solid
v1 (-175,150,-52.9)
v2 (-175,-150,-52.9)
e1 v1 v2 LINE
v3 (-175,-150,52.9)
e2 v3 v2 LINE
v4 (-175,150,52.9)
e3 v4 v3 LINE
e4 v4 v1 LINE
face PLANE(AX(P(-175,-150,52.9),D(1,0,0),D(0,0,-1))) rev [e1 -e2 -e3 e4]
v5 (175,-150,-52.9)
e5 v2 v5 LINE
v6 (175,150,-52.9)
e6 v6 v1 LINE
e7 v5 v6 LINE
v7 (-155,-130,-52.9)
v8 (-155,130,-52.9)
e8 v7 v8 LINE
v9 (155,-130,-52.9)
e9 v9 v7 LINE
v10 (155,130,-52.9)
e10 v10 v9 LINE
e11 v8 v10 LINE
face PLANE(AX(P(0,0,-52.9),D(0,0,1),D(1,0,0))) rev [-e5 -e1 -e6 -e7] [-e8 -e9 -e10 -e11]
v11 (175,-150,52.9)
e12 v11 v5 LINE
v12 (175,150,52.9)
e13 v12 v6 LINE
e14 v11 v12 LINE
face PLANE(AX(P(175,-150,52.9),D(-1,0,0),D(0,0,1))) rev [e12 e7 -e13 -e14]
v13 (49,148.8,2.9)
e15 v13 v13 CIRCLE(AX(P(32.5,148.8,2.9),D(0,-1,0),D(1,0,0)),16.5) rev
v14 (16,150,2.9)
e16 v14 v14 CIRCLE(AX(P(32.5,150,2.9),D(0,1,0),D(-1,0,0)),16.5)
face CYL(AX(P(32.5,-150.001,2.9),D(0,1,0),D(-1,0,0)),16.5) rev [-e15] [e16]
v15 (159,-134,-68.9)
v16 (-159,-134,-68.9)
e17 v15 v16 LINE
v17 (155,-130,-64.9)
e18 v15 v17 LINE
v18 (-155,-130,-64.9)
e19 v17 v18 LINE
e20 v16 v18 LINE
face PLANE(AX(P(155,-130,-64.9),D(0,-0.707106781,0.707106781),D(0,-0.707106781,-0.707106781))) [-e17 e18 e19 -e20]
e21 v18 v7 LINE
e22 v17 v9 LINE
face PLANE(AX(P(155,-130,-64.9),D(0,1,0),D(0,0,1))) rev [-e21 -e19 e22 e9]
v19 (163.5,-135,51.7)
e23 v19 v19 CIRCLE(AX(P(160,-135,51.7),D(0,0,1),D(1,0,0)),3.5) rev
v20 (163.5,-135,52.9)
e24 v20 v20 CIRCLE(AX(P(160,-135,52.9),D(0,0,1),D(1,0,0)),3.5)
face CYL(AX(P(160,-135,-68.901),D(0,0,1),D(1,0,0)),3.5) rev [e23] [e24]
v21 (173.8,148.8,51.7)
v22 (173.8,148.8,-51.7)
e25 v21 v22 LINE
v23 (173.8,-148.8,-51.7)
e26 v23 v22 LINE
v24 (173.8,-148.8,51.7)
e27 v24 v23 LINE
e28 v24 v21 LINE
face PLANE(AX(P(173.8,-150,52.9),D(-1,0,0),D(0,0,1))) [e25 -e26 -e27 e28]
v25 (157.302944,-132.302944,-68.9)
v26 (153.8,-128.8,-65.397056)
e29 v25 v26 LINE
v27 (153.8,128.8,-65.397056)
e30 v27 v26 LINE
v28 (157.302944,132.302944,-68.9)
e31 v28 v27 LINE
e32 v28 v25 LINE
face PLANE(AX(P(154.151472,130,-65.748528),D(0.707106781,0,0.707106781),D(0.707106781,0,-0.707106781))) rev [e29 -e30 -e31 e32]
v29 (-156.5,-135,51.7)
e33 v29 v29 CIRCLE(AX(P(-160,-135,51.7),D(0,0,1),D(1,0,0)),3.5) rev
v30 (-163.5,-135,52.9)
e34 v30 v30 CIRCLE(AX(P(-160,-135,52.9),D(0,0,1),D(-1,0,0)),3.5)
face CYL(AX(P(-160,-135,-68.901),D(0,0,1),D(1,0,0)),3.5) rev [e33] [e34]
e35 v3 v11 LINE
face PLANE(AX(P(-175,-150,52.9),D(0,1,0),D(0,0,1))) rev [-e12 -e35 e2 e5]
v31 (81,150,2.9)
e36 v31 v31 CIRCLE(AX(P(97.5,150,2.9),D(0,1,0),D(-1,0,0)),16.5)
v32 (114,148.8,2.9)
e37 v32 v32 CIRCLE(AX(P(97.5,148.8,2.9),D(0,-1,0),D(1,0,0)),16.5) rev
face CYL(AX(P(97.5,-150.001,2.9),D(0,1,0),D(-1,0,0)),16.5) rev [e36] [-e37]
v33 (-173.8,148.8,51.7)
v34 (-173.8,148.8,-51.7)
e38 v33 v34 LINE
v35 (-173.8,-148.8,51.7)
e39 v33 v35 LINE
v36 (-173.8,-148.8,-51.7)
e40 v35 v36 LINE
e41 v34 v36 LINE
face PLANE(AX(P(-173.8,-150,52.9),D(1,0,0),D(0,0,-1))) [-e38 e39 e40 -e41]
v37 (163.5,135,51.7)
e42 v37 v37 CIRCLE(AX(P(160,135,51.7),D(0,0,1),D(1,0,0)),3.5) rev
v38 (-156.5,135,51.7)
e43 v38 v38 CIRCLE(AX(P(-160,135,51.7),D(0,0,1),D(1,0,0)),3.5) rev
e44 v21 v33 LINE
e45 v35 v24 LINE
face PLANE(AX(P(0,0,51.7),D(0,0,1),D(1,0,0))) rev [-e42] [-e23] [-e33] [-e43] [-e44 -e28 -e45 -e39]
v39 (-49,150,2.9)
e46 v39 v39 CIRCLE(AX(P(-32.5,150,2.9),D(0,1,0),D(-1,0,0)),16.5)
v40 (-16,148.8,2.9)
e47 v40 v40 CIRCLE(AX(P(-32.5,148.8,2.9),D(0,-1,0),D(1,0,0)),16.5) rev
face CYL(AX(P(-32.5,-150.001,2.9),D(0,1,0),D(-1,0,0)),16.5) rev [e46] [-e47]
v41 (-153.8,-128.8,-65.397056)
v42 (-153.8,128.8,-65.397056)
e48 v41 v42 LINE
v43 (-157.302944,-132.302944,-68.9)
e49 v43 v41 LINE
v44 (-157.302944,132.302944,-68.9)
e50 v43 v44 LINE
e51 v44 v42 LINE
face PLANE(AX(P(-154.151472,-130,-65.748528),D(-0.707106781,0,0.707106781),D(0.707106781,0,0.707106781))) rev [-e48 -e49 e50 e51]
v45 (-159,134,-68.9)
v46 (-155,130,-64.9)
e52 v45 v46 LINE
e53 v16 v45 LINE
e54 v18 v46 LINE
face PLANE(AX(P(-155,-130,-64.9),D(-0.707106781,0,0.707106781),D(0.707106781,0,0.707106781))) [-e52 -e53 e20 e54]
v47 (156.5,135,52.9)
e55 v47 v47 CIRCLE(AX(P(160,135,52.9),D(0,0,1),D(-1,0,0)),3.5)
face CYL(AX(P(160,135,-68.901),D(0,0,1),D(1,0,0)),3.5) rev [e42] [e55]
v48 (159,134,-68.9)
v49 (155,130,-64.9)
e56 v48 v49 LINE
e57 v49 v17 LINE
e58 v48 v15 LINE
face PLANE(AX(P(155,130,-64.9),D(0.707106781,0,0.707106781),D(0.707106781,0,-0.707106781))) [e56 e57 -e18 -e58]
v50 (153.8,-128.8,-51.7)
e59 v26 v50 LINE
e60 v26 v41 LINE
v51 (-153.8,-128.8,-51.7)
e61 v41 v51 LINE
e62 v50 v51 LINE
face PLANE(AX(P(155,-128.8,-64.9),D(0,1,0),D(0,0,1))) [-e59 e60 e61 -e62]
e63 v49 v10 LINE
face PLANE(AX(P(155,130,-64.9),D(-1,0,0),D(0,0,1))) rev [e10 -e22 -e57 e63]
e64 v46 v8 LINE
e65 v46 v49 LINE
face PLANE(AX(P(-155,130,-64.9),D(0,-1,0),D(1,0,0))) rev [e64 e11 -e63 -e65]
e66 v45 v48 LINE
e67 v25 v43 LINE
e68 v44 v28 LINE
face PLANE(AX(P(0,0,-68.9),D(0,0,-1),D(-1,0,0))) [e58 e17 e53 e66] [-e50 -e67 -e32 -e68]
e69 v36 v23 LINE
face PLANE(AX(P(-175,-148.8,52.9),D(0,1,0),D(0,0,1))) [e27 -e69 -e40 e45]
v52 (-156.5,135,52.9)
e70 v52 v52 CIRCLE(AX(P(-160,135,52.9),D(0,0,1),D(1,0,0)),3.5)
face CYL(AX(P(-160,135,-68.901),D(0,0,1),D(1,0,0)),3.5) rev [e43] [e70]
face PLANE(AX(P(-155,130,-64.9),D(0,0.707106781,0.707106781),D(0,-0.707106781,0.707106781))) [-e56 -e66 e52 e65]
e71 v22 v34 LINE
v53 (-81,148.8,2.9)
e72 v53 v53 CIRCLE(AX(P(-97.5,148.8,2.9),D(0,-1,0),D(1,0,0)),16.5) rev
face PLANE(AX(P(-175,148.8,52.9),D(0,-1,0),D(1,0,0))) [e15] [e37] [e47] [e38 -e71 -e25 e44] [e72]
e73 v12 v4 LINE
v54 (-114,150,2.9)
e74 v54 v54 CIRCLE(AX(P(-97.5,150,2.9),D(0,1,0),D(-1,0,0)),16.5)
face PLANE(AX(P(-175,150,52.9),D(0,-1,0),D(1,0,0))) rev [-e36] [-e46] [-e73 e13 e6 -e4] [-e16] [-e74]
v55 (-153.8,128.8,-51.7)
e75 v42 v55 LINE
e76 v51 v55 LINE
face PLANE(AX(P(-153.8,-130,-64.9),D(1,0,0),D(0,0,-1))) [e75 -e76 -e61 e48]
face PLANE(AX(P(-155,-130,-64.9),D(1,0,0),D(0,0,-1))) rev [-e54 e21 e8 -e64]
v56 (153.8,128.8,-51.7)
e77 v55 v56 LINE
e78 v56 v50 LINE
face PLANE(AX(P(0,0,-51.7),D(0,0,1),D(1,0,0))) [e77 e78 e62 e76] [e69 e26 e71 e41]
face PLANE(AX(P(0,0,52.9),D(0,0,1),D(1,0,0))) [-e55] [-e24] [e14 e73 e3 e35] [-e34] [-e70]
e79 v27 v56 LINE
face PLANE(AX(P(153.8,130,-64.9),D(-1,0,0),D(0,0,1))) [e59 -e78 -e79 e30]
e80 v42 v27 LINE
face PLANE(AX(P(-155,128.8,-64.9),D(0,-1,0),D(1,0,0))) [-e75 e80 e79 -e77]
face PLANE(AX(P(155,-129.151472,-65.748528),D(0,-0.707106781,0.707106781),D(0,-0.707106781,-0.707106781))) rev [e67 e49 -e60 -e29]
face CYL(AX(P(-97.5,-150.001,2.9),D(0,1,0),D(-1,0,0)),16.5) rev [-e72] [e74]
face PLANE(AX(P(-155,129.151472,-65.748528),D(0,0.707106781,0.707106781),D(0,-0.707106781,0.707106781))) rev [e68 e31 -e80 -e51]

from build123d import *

# Parameters (mm, degrees)
SKETCH_1_W          = 350
SKETCH_1_H          = 300
EXTRUDE_1_DEPTH     = 52.9
SKETCH_2_W          = 310
SKETCH_2_H          = 260
EXTRUDE_2_DEPTH     = 12
SKETCH_6_W          = 310
SKETCH_6_H          = 260
EXTRUDE_3_DEPTH     = 4
EXTRUDE_3_DRAFT     = -45
SHELL_1_T           = -1.2
CUT_EXTRUDE_3_REACH = 262.692
SKETCH_12_R         = 3.5
CUT_EXTRUDE_4_REACH = 356.079
SKETCH_13_R         = 16.5


with BuildPart() as part:
    # 草图1 → 凸台-拉伸1 (new, symmetric)
    with BuildSketch(Plane.XY):
        Rectangle(SKETCH_1_W, SKETCH_1_H)
    extrude(amount=EXTRUDE_1_DEPTH, both=True)

    # 草图2 → 凸台-拉伸2 (add)
    with BuildSketch(Plane(origin=(0, 0, -52.9), x_dir=(-1, 0, 0), z_dir=(0, 0, -1))):
        Rectangle(SKETCH_2_W, SKETCH_2_H)
    extrude(amount=EXTRUDE_2_DEPTH)


with BuildPart() as extrude_3_tool:
    # 草图6 → 凸台-拉伸3 (with draft: the straight prism first)
    with BuildSketch(Plane(origin=(0, 0, -64.9), x_dir=(-1, 0, 0), z_dir=(0, 0, -1))):
        Rectangle(SKETCH_6_W, SKETCH_6_H)
    extrude(amount=EXTRUDE_3_DEPTH)
    # 凸台-拉伸3: the draft: its side faces are tilted about the plane it starts from
    extrude_3_sides = [extrude_3_tool.faces().sort_by_distance(p)[0] for p in [
        (155, 0, -66.9),
        (0, -130, -66.9),
        (-155, 0, -66.9),
        (0, 130, -66.9),
    ]]
    draft(extrude_3_sides, Plane(origin=(0, 0, -64.9), x_dir=(-1, 0, 0), z_dir=(0, 0, -1)), EXTRUDE_3_DRAFT)


with BuildPart() as part_1:
    add(part.part)

    # 凸台-拉伸3: add extrude_3_tool
    add(extrude_3_tool.part)

    # 抽壳1
    shell_1_openings = [part_1.faces().sort_by_distance(p)[0] for p in [
        (0, 0, -68.9),
    ]]
    offset(amount=SHELL_1_T, openings=shell_1_openings, kind=Kind.INTERSECTION)

    # 草图12 → 切除-拉伸3 (cut, up to next)
    with BuildSketch(Plane.XY.offset(52.9), mode=Mode.PRIVATE) as cut_extrude_3_sk1:
        with Locations((-160, 135)):
            Circle(SKETCH_12_R)
    cut_extrude_3_tool1 = extrude(cut_extrude_3_sk1.sketch, amount=-CUT_EXTRUDE_3_REACH, mode=Mode.PRIVATE) & part_1.part
    # 草图12 → 切除-拉伸3 (cut, up to next)
    with BuildSketch(Plane.XY.offset(52.9), mode=Mode.PRIVATE) as cut_extrude_3_sk2:
        with Locations((160, 135)):
            Circle(SKETCH_12_R)
    cut_extrude_3_tool2 = extrude(cut_extrude_3_sk2.sketch, amount=-CUT_EXTRUDE_3_REACH, mode=Mode.PRIVATE) & part_1.part
    # 草图12 → 切除-拉伸3 (cut, up to next)
    with BuildSketch(Plane.XY.offset(52.9), mode=Mode.PRIVATE) as cut_extrude_3_sk3:
        with Locations((160, -135)):
            Circle(SKETCH_12_R)
    cut_extrude_3_tool3 = extrude(cut_extrude_3_sk3.sketch, amount=-CUT_EXTRUDE_3_REACH, mode=Mode.PRIVATE) & part_1.part
    # 草图12 → 切除-拉伸3 (cut, up to next)
    with BuildSketch(Plane.XY.offset(52.9), mode=Mode.PRIVATE) as cut_extrude_3_sk4:
        with Locations((-160, -135)):
            Circle(SKETCH_12_R)
    cut_extrude_3_tool4 = extrude(cut_extrude_3_sk4.sketch, amount=-CUT_EXTRUDE_3_REACH, mode=Mode.PRIVATE) & part_1.part
    add(cut_extrude_3_tool1.solids().sort_by_distance((-160, 135, 52.9))[0], mode=Mode.SUBTRACT)
    add(cut_extrude_3_tool2.solids().sort_by_distance((160, 135, 52.9))[0], mode=Mode.SUBTRACT)
    add(cut_extrude_3_tool3.solids().sort_by_distance((160, -135, 52.9))[0], mode=Mode.SUBTRACT)
    add(cut_extrude_3_tool4.solids().sort_by_distance((-160, -135, 52.9))[0], mode=Mode.SUBTRACT)

    # 草图13 → 切除-拉伸4 (cut, up to next)
    with BuildSketch(Plane(origin=(0, 150, 0), x_dir=(1, 0, 0), z_dir=(0, 1, 0)), mode=Mode.PRIVATE) as cut_extrude_4_sk1:
        with Locations(Location((-32.5, -2.9, 0), (0, 0, 180))):
            Circle(SKETCH_13_R)
    cut_extrude_4_tool1 = extrude(cut_extrude_4_sk1.sketch, amount=-CUT_EXTRUDE_4_REACH, mode=Mode.PRIVATE) & part_1.part
    # 草图13 → 切除-拉伸4 (cut, up to next)
    with BuildSketch(Plane(origin=(0, 150, 0), x_dir=(1, 0, 0), z_dir=(0, 1, 0)), mode=Mode.PRIVATE) as cut_extrude_4_sk2:
        with Locations(Location((32.5, -2.9, 0), (0, 0, 180))):
            Circle(SKETCH_13_R)
    cut_extrude_4_tool2 = extrude(cut_extrude_4_sk2.sketch, amount=-CUT_EXTRUDE_4_REACH, mode=Mode.PRIVATE) & part_1.part
    # 草图13 → 切除-拉伸4 (cut, up to next)
    with BuildSketch(Plane(origin=(0, 150, 0), x_dir=(1, 0, 0), z_dir=(0, 1, 0)), mode=Mode.PRIVATE) as cut_extrude_4_sk3:
        with Locations(Location((97.5, -2.9, 0), (0, 0, 180))):
            Circle(SKETCH_13_R)
    cut_extrude_4_tool3 = extrude(cut_extrude_4_sk3.sketch, amount=-CUT_EXTRUDE_4_REACH, mode=Mode.PRIVATE) & part_1.part
    # 草图13 → 切除-拉伸4 (cut, up to next)
    with BuildSketch(Plane(origin=(0, 150, 0), x_dir=(1, 0, 0), z_dir=(0, 1, 0)), mode=Mode.PRIVATE) as cut_extrude_4_sk4:
        with Locations(Location((-97.5, -2.9, 0), (0, 0, 180))):
            Circle(SKETCH_13_R)
    cut_extrude_4_tool4 = extrude(cut_extrude_4_sk4.sketch, amount=-CUT_EXTRUDE_4_REACH, mode=Mode.PRIVATE) & part_1.part
    add(cut_extrude_4_tool1.solids().sort_by_distance((-32.5, 150, 2.9))[0], mode=Mode.SUBTRACT)
    add(cut_extrude_4_tool2.solids().sort_by_distance((32.5, 150, 2.9))[0], mode=Mode.SUBTRACT)
    add(cut_extrude_4_tool3.solids().sort_by_distance((97.5, 150, 2.9))[0], mode=Mode.SUBTRACT)
    add(cut_extrude_4_tool4.solids().sort_by_distance((-97.5, 150, 2.9))[0], mode=Mode.SUBTRACT)


solid = part_1.part
